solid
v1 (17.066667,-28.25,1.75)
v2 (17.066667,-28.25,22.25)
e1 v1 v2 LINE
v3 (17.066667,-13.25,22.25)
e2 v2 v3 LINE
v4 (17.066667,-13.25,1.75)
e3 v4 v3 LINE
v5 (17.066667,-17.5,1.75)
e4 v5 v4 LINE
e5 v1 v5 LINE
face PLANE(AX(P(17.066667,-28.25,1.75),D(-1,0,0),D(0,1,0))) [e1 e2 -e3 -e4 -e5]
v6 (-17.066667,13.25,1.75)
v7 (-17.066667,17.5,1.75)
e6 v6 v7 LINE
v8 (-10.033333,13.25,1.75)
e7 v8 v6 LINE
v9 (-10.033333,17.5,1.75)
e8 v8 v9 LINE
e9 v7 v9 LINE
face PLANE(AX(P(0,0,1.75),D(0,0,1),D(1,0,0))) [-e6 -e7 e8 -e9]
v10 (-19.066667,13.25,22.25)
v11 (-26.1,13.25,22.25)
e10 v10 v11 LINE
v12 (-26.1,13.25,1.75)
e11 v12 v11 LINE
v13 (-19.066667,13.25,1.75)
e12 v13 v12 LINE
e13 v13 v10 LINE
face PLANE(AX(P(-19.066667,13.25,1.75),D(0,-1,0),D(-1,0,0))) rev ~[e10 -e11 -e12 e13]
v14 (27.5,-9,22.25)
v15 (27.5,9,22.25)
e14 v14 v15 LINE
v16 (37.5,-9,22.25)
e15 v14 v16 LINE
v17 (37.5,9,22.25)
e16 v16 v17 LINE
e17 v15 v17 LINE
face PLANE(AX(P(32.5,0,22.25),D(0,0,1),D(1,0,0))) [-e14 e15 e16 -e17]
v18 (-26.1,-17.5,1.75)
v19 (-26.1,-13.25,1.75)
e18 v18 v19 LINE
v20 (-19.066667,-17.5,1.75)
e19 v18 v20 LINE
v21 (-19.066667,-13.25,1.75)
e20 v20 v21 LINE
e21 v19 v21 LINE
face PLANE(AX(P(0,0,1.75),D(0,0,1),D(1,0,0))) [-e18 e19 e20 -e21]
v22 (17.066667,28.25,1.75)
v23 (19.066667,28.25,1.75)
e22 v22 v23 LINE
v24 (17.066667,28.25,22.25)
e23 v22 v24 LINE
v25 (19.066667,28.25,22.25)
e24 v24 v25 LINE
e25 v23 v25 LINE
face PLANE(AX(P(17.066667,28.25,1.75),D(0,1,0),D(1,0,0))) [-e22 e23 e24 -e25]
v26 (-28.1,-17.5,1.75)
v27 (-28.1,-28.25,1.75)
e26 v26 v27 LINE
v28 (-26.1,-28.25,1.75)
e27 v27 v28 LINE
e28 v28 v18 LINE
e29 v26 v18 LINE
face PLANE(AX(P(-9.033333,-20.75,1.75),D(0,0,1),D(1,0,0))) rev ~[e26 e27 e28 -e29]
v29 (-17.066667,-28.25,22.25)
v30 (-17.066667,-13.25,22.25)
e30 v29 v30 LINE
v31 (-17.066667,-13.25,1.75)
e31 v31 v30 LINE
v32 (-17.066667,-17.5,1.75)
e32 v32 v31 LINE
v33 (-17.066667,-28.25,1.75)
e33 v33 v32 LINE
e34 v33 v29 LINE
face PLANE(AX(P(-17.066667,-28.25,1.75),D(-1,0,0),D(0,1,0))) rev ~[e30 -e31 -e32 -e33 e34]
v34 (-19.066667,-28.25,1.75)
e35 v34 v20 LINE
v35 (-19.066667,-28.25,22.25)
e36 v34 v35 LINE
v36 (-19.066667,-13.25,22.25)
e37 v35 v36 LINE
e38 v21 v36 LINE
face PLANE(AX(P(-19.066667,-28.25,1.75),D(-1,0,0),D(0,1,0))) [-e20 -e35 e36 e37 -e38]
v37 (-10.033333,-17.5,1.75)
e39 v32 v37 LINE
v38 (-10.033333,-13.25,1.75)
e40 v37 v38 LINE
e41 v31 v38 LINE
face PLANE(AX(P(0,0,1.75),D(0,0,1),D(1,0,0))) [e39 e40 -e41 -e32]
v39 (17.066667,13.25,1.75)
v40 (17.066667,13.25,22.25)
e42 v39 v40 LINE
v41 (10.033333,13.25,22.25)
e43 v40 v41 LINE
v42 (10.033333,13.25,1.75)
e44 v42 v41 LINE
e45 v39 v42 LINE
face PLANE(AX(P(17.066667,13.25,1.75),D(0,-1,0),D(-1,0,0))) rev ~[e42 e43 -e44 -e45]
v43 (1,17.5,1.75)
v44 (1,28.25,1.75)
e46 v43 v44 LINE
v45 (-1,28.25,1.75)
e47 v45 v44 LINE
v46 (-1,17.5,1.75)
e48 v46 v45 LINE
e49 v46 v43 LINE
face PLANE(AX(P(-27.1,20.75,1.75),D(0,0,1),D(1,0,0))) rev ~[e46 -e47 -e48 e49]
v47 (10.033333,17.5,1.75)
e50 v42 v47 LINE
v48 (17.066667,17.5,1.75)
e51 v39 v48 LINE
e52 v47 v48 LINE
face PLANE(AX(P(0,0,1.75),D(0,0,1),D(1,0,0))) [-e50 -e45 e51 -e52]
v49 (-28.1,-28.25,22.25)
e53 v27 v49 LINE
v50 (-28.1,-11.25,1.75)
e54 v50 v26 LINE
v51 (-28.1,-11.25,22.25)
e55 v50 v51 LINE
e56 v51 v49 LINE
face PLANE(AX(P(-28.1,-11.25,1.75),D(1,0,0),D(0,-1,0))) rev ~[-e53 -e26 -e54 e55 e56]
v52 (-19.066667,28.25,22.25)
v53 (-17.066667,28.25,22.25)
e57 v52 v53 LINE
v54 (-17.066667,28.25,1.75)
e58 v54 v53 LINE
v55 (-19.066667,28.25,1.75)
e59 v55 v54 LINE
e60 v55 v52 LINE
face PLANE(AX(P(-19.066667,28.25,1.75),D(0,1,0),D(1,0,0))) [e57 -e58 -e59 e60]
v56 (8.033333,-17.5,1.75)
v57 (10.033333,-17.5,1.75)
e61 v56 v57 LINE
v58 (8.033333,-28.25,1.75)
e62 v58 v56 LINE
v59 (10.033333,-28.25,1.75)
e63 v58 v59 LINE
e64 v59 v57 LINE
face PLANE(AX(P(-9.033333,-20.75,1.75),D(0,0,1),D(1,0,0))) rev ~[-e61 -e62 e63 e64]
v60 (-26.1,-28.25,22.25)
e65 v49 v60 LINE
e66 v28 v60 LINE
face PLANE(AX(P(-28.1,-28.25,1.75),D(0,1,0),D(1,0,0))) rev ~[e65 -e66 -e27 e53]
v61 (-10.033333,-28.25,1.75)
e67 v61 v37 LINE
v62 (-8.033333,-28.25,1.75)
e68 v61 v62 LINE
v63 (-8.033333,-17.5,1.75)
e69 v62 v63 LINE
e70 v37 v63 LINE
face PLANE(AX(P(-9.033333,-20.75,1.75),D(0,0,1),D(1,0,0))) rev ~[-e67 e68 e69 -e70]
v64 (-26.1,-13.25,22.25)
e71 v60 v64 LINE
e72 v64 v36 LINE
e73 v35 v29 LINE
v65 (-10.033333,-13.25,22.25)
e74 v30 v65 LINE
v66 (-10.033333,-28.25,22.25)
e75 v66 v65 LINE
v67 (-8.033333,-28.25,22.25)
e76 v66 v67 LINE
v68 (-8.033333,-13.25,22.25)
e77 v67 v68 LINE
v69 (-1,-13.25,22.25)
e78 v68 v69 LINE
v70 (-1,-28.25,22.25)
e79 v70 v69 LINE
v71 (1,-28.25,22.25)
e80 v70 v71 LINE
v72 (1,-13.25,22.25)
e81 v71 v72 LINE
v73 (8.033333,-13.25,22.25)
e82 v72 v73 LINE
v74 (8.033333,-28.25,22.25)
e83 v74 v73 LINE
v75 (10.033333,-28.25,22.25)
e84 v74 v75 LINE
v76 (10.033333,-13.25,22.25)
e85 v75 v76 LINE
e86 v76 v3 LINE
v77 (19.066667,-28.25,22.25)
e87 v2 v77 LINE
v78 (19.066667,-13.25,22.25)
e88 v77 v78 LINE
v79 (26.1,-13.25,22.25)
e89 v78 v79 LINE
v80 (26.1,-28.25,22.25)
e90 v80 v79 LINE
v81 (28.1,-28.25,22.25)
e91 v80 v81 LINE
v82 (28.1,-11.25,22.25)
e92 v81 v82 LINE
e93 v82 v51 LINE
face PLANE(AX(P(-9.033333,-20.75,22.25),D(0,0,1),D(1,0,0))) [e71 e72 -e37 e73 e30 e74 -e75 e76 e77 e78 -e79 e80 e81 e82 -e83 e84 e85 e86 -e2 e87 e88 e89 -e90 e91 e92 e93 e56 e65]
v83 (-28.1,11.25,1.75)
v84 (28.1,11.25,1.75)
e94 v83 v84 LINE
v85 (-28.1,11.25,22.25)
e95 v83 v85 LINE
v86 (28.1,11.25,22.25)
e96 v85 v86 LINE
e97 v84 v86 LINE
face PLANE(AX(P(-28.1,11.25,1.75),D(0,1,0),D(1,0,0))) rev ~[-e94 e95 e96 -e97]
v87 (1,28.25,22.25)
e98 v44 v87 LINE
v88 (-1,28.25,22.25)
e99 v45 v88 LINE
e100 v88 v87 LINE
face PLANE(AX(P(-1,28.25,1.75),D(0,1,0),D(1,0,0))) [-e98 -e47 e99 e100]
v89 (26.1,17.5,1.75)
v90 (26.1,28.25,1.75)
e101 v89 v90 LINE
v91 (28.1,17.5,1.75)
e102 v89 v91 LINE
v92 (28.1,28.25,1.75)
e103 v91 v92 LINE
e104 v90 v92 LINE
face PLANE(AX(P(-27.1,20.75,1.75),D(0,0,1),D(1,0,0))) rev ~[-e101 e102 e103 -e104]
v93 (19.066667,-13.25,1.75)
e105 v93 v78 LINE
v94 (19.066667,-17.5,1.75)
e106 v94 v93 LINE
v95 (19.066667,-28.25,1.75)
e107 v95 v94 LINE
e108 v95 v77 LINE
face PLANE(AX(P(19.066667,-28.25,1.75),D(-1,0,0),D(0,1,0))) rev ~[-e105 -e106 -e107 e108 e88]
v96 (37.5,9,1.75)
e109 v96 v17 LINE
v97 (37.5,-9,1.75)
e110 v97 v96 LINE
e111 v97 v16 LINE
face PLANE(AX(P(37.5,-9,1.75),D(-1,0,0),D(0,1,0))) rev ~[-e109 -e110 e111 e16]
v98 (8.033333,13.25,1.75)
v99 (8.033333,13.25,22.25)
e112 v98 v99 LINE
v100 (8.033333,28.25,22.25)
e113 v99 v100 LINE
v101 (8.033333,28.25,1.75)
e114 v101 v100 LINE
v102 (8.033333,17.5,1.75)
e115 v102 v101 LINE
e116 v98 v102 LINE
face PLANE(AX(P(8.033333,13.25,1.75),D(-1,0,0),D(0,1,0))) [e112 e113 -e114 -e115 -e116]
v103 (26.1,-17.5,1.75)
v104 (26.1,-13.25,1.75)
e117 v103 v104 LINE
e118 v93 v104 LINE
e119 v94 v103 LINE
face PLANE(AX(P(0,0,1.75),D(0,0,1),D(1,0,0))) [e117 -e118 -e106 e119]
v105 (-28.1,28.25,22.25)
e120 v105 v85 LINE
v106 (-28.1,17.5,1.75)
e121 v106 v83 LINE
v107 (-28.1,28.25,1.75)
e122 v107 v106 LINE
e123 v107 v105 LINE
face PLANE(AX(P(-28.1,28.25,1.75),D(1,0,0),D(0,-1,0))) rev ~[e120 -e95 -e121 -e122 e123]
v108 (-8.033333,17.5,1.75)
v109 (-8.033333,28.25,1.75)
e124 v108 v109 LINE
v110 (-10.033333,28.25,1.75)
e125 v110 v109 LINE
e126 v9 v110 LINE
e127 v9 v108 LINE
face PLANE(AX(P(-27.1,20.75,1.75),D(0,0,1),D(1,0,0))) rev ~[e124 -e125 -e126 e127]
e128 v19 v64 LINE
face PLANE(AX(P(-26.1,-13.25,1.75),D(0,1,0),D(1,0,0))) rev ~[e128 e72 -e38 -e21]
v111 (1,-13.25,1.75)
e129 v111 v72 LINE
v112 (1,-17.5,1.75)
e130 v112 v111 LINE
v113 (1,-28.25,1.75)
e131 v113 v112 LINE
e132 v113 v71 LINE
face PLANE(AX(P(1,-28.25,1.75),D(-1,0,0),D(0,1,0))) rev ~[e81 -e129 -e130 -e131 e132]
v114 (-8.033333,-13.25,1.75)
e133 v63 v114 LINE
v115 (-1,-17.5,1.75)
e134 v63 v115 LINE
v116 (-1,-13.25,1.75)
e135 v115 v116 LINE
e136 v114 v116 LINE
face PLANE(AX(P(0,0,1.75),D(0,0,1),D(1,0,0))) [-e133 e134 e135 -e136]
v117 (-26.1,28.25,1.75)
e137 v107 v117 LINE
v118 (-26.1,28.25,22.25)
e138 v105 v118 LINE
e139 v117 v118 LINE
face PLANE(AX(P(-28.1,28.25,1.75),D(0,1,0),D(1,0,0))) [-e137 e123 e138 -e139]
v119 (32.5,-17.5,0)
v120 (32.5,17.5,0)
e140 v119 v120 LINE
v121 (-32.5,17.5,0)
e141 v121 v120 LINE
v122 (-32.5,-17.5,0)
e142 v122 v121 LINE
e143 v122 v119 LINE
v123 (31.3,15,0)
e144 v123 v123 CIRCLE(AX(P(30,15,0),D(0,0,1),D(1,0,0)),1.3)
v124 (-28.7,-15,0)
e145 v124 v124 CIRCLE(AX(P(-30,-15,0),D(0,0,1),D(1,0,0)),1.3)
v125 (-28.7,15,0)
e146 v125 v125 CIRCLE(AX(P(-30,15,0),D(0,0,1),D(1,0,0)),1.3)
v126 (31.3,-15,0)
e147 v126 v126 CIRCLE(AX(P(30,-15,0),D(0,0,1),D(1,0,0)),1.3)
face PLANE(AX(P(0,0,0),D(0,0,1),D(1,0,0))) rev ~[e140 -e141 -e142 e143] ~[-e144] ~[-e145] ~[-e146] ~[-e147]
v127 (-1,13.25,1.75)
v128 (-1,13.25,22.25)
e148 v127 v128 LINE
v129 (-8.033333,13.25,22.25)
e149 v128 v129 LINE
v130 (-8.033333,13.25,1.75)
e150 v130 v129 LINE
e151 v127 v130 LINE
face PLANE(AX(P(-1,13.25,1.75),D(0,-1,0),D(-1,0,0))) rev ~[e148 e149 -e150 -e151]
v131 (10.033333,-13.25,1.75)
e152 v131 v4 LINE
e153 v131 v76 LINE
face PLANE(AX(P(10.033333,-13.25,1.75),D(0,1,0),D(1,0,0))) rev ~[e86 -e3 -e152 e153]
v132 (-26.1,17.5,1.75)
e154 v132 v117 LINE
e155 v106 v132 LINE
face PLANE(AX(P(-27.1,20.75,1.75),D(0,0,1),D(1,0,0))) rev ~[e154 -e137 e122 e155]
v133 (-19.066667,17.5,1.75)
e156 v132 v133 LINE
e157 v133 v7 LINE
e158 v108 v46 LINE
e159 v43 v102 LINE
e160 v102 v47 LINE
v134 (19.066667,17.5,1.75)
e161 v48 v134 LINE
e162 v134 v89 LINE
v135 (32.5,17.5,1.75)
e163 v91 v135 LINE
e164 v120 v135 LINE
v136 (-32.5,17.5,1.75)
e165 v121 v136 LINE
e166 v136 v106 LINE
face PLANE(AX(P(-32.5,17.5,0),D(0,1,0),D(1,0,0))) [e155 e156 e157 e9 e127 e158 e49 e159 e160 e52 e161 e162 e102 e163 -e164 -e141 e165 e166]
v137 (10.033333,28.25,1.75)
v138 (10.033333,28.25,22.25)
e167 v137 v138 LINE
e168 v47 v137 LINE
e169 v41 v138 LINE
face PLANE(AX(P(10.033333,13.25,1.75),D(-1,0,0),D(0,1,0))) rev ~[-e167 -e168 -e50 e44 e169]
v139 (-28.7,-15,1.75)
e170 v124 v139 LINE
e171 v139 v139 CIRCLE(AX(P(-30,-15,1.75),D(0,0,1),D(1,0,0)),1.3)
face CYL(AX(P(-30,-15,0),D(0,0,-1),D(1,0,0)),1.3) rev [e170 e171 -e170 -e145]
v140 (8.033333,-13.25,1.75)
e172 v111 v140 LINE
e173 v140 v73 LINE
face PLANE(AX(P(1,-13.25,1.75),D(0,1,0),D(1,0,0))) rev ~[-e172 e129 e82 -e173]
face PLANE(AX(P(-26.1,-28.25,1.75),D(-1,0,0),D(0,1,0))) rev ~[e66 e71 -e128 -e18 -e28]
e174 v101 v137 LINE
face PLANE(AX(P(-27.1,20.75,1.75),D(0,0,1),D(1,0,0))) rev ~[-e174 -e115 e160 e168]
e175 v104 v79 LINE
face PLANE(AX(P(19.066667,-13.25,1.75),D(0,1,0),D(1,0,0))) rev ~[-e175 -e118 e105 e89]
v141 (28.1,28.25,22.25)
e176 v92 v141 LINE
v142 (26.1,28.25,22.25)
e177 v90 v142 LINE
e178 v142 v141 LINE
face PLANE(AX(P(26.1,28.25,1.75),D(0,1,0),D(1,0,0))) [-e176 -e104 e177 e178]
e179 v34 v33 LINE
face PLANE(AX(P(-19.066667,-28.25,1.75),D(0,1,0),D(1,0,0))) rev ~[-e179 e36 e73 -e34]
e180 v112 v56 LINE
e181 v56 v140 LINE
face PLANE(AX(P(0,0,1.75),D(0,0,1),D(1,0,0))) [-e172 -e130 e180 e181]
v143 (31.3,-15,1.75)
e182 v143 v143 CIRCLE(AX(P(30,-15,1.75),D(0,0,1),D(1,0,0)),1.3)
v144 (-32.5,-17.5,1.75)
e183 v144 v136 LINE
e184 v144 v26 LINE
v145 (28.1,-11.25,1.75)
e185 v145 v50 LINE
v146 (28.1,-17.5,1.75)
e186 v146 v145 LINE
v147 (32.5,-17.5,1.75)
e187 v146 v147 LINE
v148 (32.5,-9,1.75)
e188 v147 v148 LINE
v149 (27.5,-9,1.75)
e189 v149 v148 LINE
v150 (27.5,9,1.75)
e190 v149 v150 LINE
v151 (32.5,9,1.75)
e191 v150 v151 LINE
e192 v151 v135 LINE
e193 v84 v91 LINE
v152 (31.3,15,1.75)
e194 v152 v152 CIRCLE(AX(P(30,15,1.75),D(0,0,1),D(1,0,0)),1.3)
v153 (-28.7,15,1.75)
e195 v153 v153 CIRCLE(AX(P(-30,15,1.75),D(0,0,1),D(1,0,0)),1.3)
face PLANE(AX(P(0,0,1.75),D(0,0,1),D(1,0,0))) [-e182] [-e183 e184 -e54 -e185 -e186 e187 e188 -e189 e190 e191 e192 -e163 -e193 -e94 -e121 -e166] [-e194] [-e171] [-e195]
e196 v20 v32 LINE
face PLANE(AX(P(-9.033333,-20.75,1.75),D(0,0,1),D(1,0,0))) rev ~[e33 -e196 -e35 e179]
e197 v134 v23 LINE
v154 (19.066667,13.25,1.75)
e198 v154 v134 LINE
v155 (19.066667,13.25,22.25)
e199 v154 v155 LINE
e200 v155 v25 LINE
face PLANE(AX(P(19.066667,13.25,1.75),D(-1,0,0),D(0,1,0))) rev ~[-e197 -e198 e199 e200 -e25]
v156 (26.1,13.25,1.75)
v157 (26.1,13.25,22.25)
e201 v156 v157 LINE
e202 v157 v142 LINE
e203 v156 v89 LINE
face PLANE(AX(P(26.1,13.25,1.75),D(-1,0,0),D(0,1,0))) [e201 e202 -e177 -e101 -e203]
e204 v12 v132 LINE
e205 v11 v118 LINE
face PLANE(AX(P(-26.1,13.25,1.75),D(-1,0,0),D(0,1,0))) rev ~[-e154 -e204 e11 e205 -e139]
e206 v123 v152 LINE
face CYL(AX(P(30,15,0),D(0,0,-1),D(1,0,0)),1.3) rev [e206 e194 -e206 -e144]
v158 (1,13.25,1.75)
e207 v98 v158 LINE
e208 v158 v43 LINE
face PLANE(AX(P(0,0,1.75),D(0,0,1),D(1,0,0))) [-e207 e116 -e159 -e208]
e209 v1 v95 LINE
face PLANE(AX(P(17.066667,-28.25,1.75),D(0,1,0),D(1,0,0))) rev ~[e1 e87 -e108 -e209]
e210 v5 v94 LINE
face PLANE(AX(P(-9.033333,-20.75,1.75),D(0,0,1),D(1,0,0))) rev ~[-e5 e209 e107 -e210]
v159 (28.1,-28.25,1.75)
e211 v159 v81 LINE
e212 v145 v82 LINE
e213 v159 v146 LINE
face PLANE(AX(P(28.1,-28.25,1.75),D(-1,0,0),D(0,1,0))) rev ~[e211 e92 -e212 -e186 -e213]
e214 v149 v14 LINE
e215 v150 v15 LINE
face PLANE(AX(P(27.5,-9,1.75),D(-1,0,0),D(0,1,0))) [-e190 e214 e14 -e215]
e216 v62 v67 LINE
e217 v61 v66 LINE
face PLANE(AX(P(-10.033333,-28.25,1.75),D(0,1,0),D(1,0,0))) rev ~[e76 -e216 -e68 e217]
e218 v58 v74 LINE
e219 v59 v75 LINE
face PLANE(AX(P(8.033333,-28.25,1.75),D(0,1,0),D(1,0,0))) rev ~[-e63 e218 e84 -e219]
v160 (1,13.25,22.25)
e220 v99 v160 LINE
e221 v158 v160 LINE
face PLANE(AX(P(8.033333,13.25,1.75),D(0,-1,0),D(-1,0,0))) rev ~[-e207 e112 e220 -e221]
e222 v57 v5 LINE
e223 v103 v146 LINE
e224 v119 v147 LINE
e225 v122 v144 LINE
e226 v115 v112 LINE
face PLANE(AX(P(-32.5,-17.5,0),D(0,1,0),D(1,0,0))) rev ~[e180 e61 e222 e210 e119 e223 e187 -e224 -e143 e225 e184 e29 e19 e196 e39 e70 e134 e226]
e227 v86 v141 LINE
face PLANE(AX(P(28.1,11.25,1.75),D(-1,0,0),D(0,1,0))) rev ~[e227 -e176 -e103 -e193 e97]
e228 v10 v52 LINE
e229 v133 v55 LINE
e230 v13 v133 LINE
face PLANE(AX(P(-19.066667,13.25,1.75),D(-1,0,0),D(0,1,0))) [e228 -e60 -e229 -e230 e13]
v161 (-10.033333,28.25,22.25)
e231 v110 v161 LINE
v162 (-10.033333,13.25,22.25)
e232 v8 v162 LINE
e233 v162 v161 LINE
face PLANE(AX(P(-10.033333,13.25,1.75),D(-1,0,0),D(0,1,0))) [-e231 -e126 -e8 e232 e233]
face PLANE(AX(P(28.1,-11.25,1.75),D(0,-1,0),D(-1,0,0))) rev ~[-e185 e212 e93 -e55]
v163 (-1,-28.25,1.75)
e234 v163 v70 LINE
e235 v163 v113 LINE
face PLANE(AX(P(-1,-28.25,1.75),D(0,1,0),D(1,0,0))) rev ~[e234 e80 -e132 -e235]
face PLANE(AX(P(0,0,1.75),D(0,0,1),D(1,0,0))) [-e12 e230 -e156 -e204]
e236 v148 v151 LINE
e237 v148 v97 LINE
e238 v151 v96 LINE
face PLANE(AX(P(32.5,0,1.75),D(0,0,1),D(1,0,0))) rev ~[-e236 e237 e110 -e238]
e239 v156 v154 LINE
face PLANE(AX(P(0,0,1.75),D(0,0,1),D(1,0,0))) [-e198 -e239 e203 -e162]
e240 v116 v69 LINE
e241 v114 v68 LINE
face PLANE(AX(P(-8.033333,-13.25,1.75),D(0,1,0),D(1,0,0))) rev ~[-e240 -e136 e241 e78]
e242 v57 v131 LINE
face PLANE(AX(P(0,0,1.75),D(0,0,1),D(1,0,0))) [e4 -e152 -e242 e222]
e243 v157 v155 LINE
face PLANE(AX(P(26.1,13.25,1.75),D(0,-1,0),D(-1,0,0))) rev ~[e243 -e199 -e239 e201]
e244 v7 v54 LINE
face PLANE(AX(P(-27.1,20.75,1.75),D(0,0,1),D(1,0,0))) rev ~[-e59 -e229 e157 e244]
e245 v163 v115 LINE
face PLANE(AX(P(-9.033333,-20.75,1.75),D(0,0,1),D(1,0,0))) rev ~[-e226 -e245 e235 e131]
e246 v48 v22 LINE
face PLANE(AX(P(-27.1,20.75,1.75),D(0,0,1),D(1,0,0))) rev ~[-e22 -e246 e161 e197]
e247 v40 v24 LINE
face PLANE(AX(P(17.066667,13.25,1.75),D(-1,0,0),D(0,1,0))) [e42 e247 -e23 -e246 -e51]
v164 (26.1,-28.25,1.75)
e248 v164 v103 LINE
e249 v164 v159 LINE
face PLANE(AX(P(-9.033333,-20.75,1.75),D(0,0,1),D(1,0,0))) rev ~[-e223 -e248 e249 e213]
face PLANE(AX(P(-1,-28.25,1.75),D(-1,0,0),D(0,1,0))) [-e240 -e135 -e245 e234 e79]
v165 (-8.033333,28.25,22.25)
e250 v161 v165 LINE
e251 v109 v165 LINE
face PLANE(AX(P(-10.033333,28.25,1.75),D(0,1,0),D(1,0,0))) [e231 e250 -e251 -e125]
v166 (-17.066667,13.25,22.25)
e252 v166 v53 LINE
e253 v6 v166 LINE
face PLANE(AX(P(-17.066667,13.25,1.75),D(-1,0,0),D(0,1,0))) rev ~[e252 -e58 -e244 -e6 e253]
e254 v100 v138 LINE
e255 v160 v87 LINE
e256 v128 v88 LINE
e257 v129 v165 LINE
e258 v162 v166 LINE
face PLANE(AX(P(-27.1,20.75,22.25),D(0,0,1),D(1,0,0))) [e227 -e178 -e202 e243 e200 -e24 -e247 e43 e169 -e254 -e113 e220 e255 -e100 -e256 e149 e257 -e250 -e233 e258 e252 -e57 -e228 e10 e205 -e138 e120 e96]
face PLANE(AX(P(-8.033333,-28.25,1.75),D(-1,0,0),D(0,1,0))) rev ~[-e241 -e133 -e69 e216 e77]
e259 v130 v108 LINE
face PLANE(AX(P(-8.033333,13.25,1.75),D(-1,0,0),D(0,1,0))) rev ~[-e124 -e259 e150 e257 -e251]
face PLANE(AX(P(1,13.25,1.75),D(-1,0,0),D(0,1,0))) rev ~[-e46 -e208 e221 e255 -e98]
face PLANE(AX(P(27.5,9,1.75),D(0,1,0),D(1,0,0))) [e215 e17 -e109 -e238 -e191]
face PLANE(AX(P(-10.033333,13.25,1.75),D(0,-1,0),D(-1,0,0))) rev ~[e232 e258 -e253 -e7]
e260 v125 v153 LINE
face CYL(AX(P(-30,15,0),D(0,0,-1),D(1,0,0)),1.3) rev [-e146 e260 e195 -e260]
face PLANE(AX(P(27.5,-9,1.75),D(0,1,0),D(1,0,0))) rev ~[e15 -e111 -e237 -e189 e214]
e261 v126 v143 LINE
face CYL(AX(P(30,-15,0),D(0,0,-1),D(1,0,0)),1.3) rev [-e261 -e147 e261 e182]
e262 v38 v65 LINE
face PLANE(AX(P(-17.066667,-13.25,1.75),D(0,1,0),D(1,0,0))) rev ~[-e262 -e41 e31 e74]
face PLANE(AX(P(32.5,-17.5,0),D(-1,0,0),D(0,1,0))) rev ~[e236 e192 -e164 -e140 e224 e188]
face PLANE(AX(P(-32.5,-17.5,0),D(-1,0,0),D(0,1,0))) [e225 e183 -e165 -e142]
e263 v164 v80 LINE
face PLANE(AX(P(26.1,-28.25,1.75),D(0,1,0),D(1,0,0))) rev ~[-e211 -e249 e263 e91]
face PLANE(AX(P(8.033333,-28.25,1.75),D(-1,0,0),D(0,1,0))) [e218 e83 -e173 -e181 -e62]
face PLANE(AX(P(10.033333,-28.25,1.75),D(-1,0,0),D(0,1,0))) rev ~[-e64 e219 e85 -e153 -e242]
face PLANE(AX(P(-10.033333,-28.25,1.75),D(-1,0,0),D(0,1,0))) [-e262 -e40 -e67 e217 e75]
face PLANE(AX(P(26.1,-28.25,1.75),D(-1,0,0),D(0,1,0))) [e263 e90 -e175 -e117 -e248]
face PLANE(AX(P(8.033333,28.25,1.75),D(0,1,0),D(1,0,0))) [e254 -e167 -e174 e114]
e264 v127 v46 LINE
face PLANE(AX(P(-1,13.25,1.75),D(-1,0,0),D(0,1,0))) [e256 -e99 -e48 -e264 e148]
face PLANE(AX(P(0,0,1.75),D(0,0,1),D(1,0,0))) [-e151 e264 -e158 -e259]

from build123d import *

# Parameters (mm, degrees)
F0_W     = 65
F0_H     = 35
F0_R     = 1.3
F1_DEPTH = 1.75
F2_W     = 2
F2_H     = 15
F3_DEPTH = 20.5
F4_W     = 10
F4_H     = 18
F5_DEPTH = 20.5


with BuildPart() as f1:
    # F0 (on Top) → F1 (new body)
    with BuildSketch(Plane.XY):
        Rectangle(F0_W, F0_H)
        with Locations((-30, -15)):
            Circle(F0_R, mode=Mode.SUBTRACT)
        with Locations((30, -15)):
            Circle(F0_R, mode=Mode.SUBTRACT)
        with Locations((-30, 15)):
            Circle(F0_R, mode=Mode.SUBTRACT)
        with Locations((30, 15)):
            Circle(F0_R, mode=Mode.SUBTRACT)
    extrude(amount=F1_DEPTH)

    # F2 (on face) → F3 (join)
    with BuildSketch(Plane.XY.offset(1.75)):
        with Locations((-27.1, 20.75)):
            Rectangle(F2_W, F2_H)
        Polygon((-26.1, 13.25), (-28.1, 13.25), (-28.1, 11.25), (28.1, 11.25), (28.1, 13.25), (26.1, 13.25), (19.066667, 13.25), (17.066667, 13.25), (10.033333, 13.25), (8.033333, 13.25), (1, 13.25), (-1, 13.25), (-8.033333, 13.25), (-10.033333, 13.25), (-17.066667, 13.25), (-19.066667, 13.25), align=None)
        with Locations((-18.066667, 20.75)):
            Rectangle(F2_W, F2_H)
        with Locations((27.1, 20.75)):
            Rectangle(F2_W, F2_H)
        with Locations((-9.033333, 20.75)):
            Rectangle(F2_W, F2_H)
        with Locations((18.066667, 20.75)):
            Rectangle(F2_W, F2_H)
        with Locations((0, 20.75)):
            Rectangle(F2_W, F2_H)
        with Locations((9.033333, 20.75)):
            Rectangle(F2_W, F2_H)
        with Locations((-9.033333, -20.75)):
            Rectangle(F2_W, F2_H)
        Polygon((-17.066667, -13.25), (-10.033333, -13.25), (-8.033333, -13.25), (-1, -13.25), (1, -13.25), (8.033333, -13.25), (10.033333, -13.25), (17.066667, -13.25), (19.066667, -13.25), (26.1, -13.25), (28.1, -13.25), (28.1, -11.25), (-28.1, -11.25), (-28.1, -13.25), (-26.1, -13.25), (-19.066667, -13.25), align=None)
        with Locations((-18.066667, -20.75)):
            Rectangle(F2_W, F2_H)
        with Locations((0, -20.75)):
            Rectangle(F2_W, F2_H)
        with Locations((-27.1, -20.75)):
            Rectangle(F2_W, F2_H)
        with Locations((9.033333, -20.75)):
            Rectangle(F2_W, F2_H)
        with Locations((18.066667, -20.75)):
            Rectangle(F2_W, F2_H)
        with Locations((27.1, -20.75)):
            Rectangle(F2_W, F2_H)
    extrude(amount=F3_DEPTH)

    # F4 (on face) → F5 (join, through all)
    with BuildSketch(Plane.XY.offset(1.75)):
        with Locations((32.5, 0)):
            Rectangle(F4_W, F4_H)
    extrude(amount=F5_DEPTH)


solid = f1.part
